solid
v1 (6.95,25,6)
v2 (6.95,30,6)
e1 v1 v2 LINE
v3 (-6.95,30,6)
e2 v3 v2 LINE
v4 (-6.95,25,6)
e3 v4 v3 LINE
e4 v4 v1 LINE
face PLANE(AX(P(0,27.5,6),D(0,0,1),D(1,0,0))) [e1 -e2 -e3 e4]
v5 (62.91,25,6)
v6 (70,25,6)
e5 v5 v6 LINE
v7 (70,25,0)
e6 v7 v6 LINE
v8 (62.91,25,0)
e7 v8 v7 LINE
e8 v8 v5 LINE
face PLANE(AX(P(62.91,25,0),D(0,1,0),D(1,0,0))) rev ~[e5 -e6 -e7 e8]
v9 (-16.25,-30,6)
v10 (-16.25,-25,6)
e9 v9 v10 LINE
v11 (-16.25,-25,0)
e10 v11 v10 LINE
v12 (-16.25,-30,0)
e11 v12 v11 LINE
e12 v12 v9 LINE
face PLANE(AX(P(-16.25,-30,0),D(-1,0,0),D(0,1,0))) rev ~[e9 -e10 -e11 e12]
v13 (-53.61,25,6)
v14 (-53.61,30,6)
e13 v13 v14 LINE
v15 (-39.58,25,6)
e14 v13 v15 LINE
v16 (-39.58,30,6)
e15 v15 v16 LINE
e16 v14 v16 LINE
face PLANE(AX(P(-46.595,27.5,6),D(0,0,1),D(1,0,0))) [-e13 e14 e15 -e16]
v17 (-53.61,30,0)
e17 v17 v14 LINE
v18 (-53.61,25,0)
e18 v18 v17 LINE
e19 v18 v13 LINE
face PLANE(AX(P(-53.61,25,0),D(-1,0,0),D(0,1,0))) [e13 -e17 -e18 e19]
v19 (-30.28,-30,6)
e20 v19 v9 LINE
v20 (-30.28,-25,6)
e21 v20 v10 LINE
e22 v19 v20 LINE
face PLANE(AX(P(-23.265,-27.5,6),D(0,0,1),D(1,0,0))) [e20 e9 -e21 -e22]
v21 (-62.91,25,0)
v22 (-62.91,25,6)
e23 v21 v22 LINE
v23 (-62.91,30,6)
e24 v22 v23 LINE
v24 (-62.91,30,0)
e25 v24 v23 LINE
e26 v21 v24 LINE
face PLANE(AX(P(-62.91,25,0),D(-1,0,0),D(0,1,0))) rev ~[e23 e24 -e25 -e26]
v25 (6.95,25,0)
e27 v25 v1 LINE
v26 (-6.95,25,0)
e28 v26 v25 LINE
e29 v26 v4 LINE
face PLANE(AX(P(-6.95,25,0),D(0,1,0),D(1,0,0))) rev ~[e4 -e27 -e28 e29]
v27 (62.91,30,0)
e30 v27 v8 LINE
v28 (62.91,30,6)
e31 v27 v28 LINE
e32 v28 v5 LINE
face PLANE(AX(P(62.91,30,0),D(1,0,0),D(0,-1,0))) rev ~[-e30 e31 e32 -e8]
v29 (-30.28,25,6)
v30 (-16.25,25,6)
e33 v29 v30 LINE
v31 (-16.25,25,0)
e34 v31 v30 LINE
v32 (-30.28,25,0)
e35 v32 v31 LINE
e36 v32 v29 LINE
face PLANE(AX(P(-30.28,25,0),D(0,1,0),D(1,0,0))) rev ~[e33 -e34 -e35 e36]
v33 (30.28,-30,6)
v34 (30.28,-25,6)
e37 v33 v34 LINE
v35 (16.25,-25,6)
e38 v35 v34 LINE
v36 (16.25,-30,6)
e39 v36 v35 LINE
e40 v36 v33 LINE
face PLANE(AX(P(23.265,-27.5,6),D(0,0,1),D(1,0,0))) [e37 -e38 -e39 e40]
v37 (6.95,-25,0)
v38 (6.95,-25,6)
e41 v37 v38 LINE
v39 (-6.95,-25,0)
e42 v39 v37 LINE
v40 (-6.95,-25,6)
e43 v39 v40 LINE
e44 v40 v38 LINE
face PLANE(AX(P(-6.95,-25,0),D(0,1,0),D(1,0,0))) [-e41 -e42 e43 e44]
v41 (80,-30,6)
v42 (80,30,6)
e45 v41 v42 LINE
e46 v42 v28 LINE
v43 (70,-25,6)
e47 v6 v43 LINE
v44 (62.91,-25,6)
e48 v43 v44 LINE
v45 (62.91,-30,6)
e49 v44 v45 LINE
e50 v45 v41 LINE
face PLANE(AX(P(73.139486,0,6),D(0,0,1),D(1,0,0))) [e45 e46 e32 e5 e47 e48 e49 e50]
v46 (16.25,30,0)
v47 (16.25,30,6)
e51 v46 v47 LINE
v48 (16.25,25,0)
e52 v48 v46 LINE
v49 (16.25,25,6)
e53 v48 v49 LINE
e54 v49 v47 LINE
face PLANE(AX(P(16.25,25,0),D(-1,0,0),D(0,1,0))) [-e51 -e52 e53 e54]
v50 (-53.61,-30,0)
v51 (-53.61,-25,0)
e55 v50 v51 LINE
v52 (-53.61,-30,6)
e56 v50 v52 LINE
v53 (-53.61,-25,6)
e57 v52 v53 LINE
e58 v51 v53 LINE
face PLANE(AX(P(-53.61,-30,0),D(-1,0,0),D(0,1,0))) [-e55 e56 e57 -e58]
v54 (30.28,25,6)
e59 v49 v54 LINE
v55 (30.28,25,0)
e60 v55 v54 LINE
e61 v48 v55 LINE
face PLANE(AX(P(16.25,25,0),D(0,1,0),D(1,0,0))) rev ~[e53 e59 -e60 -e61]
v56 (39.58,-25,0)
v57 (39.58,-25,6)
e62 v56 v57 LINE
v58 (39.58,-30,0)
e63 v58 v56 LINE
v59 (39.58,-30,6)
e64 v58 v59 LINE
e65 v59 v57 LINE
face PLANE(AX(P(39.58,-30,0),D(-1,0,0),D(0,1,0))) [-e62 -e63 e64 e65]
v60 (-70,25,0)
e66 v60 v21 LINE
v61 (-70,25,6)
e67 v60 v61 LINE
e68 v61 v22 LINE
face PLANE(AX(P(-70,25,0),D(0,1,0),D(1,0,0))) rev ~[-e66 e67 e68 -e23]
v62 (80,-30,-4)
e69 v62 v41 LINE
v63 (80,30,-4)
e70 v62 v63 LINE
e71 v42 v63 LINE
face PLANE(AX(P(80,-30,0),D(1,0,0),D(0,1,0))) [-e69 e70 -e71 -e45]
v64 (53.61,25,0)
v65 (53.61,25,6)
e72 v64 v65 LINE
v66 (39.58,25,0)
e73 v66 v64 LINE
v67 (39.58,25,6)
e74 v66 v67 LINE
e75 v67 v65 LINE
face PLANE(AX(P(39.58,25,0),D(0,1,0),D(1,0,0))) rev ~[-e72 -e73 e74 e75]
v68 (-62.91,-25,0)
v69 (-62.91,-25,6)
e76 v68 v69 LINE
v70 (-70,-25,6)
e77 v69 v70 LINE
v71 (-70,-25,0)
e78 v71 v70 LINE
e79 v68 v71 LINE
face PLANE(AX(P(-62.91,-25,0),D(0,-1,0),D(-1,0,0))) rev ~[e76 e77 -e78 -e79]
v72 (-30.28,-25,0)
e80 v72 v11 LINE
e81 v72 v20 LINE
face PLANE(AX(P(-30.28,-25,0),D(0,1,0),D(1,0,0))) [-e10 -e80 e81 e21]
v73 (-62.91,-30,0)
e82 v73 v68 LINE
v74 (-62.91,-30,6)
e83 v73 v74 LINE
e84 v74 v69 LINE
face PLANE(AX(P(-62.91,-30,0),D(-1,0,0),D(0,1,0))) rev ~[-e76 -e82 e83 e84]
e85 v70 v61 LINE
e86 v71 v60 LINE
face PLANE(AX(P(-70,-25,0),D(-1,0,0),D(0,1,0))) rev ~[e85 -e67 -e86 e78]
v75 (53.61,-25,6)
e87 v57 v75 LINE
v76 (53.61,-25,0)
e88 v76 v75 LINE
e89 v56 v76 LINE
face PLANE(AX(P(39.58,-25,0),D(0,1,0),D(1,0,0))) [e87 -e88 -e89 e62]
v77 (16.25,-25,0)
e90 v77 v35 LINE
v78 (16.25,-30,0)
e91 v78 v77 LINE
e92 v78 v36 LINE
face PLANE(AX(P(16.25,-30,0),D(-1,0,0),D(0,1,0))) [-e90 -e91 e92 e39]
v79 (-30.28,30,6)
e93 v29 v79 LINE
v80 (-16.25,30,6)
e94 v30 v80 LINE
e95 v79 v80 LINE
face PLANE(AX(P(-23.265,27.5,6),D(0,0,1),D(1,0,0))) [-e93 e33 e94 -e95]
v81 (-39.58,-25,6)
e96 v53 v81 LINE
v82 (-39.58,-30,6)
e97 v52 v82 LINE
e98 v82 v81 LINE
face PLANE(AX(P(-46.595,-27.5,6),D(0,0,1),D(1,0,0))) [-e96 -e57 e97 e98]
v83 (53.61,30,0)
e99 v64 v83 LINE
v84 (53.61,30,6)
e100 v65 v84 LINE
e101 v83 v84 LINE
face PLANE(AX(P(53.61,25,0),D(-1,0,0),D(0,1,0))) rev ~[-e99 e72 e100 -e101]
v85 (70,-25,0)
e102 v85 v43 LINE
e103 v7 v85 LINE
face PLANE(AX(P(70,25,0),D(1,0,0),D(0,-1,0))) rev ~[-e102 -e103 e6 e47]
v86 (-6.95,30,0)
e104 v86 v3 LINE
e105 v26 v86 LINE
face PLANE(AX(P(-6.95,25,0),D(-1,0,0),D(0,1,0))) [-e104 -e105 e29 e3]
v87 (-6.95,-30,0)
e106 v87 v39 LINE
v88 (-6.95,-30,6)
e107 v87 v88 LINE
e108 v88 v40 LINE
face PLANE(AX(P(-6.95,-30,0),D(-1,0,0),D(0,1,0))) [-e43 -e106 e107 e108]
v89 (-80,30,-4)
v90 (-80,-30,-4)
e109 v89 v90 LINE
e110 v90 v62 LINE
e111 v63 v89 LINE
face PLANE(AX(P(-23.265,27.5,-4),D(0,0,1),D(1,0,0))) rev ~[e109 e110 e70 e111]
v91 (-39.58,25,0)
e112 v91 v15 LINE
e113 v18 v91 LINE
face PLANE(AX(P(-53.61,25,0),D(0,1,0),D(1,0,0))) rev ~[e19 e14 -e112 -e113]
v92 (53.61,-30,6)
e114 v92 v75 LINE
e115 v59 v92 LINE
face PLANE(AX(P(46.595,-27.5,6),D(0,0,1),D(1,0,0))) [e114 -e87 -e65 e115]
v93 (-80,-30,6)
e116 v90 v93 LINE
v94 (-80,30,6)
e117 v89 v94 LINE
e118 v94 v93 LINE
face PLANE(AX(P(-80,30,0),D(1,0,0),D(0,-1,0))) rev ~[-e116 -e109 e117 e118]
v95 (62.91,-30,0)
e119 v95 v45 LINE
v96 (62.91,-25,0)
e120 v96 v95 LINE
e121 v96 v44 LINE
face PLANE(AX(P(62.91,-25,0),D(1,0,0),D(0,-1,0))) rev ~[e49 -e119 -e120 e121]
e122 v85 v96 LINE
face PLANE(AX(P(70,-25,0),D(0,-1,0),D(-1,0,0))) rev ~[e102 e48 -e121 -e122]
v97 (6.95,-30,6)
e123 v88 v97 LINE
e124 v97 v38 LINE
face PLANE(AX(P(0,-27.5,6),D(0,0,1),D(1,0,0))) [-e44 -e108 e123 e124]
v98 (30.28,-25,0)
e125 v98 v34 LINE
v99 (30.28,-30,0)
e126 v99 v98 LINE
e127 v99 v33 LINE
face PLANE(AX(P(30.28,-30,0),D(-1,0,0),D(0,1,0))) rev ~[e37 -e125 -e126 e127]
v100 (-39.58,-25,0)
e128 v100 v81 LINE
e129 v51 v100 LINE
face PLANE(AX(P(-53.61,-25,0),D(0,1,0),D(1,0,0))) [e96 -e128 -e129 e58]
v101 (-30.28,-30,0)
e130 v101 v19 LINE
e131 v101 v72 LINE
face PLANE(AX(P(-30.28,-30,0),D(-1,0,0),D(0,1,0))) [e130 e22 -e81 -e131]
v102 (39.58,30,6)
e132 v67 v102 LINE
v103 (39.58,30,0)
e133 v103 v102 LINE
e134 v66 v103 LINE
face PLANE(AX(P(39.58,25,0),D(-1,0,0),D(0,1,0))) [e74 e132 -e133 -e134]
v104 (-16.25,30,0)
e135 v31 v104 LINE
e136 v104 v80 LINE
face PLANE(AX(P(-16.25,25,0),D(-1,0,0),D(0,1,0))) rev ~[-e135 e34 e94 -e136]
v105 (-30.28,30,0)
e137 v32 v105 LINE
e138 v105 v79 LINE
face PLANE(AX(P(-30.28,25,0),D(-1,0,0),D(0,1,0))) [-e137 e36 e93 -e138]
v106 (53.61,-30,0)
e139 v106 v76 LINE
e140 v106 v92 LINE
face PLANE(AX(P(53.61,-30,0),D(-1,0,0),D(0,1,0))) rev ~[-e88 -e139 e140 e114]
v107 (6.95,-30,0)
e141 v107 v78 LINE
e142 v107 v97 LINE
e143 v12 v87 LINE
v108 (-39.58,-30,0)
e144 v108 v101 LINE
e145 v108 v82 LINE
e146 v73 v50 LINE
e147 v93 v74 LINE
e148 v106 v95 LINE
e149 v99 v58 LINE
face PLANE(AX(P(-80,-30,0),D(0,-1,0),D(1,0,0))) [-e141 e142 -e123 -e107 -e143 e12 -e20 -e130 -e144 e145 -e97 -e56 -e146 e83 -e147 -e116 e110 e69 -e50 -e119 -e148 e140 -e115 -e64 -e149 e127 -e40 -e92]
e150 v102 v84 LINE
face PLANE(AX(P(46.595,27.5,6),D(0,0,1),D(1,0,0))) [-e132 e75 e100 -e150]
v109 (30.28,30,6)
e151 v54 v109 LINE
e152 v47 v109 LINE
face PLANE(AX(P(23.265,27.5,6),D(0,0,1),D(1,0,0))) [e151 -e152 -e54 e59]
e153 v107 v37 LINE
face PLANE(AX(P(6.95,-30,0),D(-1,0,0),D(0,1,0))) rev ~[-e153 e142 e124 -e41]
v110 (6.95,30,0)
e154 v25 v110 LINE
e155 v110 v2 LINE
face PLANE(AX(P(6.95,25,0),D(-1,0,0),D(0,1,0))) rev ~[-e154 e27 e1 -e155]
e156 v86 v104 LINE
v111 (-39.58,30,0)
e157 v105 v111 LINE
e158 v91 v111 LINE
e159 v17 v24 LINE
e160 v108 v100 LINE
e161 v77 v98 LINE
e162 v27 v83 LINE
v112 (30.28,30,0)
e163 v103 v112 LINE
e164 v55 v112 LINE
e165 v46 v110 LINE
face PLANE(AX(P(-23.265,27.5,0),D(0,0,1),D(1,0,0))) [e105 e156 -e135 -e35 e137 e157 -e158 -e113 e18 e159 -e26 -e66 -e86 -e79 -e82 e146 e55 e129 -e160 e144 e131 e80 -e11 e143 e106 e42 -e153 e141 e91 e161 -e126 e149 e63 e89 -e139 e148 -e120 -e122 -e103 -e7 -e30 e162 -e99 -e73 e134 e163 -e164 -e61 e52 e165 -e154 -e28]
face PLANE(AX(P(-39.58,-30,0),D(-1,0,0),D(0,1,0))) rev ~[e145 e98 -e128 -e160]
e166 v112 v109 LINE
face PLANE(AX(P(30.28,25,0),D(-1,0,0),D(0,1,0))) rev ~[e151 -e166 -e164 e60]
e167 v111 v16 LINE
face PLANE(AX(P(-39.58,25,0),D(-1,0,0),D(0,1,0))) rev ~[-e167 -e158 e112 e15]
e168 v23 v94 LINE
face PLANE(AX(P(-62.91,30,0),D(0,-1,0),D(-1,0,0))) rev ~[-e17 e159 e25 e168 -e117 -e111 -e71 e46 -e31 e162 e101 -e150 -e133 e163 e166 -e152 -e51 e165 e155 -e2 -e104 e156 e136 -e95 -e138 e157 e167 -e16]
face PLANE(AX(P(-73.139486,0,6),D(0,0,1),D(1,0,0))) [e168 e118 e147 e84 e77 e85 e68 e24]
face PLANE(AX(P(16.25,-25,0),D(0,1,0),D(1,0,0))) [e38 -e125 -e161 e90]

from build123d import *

# Parameters (mm, degrees)
F0_W     = 14.03
F0_H     = 5
F0_W_2   = 13.9
F0_H_2   = 25
F0_W_3   = 9.3
F0_W_4   = 7.09
F0_H_3   = 50
F1_DEPTH = 4
F2_DEPTH = 6


with BuildPart() as f1:
    # F0 (on Top) → F1 (new body)
    with BuildSketch(Plane.XY):
        with Locations((-23.265, 27.5)):
            Rectangle(F0_W, F0_H)
        with Locations((0, -27.5)):
            Rectangle(F0_W_2, F0_H)
        with Locations((46.595, -27.5)):
            Rectangle(F0_W, F0_H)
        Polygon((-62.91, 25), (-62.91, 30), (-80, 30), (-80, -30), (-62.91, -30), (-62.91, -25), (-70, -25), (-70, 25), align=None)
        with Locations((23.265, -12.5)):
            Rectangle(F0_W, F0_H_2)
        with Locations((58.26, -27.5)):
            Rectangle(F0_W_3, F0_H)
        with Locations((34.93, 27.5)):
            Rectangle(F0_W_3, F0_H)
        with Locations((-11.6, -27.5)):
            Rectangle(F0_W_3, F0_H)
        with Locations((-66.455, 0)):
            Rectangle(F0_W_4, F0_H_3)
        with Locations((23.265, 27.5)):
            Rectangle(F0_W, F0_H)
        with Locations((66.455, 0)):
            Rectangle(F0_W_4, F0_H_3)
        with Locations((-58.26, 27.5)):
            Rectangle(F0_W_3, F0_H)
        with Locations((46.595, 27.5)):
            Rectangle(F0_W, F0_H)
        with Locations((-46.595, 27.5)):
            Rectangle(F0_W, F0_H)
        Polygon((80, -30), (80, 30), (62.91, 30), (62.91, 25), (70, 25), (70, -25), (62.91, -25), (62.91, -30), align=None)
        with Locations((-34.93, 27.5)):
            Rectangle(F0_W_3, F0_H)
        with Locations((58.26, 27.5)):
            Rectangle(F0_W_3, F0_H)
        with Locations((11.6, 27.5)):
            Rectangle(F0_W_3, F0_H)
        with Locations((0, 27.5)):
            Rectangle(F0_W_2, F0_H)
        with Locations((-23.265, -27.5)):
            Rectangle(F0_W, F0_H)
        with Locations((-11.6, 27.5)):
            Rectangle(F0_W_3, F0_H)
        with Locations((23.265, -27.5)):
            Rectangle(F0_W, F0_H)
        with Locations((-34.93, -27.5)):
            Rectangle(F0_W_3, F0_H)
        with Locations((-46.595, 0)):
            Rectangle(F0_W, F0_H_3)
        with Locations((23.265, 12.5)):
            Rectangle(F0_W, F0_H_2)
        Polygon((6.95, 0), (6.95, 25), (-6.95, 25), (-6.95, -25), (6.95, -25), align=None)
        with Locations((34.93, -27.5)):
            Rectangle(F0_W_3, F0_H)
        with Locations((-46.595, -27.5)):
            Rectangle(F0_W, F0_H)
        with Locations((46.595, 12.5)):
            Rectangle(F0_W, F0_H_2)
        with Locations((46.595, -12.5)):
            Rectangle(F0_W, F0_H_2)
        with Locations((-58.26, -27.5)):
            Rectangle(F0_W_3, F0_H)
        with Locations((-23.265, 0)):
            Rectangle(F0_W, F0_H_3)
        with Locations((11.6, -27.5)):
            Rectangle(F0_W_3, F0_H)
        with Locations((-58.26, 0)):
            Rectangle(F0_W_3, F0_H_3)
        with Locations((-34.93, 0)):
            Rectangle(F0_W_3, F0_H_3)
        with Locations((-11.6, 0)):
            Rectangle(F0_W_3, F0_H_3)
        Polygon((16.25, -25), (16.25, 0), (11.6, 0), (6.95, 0), (6.95, -25), align=None)
        Polygon((16.25, 0), (16.25, 25), (6.95, 25), (6.95, 0), (11.6, 0), align=None)
        Polygon((39.58, 0), (39.58, 25), (30.28, 25), (30.28, 0), (34.93, 0), align=None)
        Polygon((62.91, -25), (62.91, 25), (53.61, 25), (53.61, 0), (53.61, -25), align=None)
        Polygon((39.58, -25), (39.58, 0), (34.93, 0), (30.28, 0), (30.28, -25), align=None)
    extrude(amount=-F1_DEPTH)

    # F0 (on Top) → F2 (join)
    with BuildSketch(Plane.XY):
        Polygon((-62.91, 25), (-62.91, 30), (-80, 30), (-80, -30), (-62.91, -30), (-62.91, -25), (-70, -25), (-70, 25), align=None)
        with Locations((-46.595, 27.5)):
            Rectangle(F0_W, F0_H)
        with Locations((-46.595, -27.5)):
            Rectangle(F0_W, F0_H)
        with Locations((-23.265, -27.5)):
            Rectangle(F0_W, F0_H)
        with Locations((-23.265, 27.5)):
            Rectangle(F0_W, F0_H)
        with Locations((0, 27.5)):
            Rectangle(F0_W_2, F0_H)
        with Locations((0, -27.5)):
            Rectangle(F0_W_2, F0_H)
        with Locations((23.265, -27.5)):
            Rectangle(F0_W, F0_H)
        with Locations((23.265, 27.5)):
            Rectangle(F0_W, F0_H)
        with Locations((46.595, 27.5)):
            Rectangle(F0_W, F0_H)
        with Locations((46.595, -27.5)):
            Rectangle(F0_W, F0_H)
        Polygon((80, -30), (80, 30), (62.91, 30), (62.91, 25), (70, 25), (70, -25), (62.91, -25), (62.91, -30), align=None)
    extrude(amount=F2_DEPTH)


solid = f1.part
